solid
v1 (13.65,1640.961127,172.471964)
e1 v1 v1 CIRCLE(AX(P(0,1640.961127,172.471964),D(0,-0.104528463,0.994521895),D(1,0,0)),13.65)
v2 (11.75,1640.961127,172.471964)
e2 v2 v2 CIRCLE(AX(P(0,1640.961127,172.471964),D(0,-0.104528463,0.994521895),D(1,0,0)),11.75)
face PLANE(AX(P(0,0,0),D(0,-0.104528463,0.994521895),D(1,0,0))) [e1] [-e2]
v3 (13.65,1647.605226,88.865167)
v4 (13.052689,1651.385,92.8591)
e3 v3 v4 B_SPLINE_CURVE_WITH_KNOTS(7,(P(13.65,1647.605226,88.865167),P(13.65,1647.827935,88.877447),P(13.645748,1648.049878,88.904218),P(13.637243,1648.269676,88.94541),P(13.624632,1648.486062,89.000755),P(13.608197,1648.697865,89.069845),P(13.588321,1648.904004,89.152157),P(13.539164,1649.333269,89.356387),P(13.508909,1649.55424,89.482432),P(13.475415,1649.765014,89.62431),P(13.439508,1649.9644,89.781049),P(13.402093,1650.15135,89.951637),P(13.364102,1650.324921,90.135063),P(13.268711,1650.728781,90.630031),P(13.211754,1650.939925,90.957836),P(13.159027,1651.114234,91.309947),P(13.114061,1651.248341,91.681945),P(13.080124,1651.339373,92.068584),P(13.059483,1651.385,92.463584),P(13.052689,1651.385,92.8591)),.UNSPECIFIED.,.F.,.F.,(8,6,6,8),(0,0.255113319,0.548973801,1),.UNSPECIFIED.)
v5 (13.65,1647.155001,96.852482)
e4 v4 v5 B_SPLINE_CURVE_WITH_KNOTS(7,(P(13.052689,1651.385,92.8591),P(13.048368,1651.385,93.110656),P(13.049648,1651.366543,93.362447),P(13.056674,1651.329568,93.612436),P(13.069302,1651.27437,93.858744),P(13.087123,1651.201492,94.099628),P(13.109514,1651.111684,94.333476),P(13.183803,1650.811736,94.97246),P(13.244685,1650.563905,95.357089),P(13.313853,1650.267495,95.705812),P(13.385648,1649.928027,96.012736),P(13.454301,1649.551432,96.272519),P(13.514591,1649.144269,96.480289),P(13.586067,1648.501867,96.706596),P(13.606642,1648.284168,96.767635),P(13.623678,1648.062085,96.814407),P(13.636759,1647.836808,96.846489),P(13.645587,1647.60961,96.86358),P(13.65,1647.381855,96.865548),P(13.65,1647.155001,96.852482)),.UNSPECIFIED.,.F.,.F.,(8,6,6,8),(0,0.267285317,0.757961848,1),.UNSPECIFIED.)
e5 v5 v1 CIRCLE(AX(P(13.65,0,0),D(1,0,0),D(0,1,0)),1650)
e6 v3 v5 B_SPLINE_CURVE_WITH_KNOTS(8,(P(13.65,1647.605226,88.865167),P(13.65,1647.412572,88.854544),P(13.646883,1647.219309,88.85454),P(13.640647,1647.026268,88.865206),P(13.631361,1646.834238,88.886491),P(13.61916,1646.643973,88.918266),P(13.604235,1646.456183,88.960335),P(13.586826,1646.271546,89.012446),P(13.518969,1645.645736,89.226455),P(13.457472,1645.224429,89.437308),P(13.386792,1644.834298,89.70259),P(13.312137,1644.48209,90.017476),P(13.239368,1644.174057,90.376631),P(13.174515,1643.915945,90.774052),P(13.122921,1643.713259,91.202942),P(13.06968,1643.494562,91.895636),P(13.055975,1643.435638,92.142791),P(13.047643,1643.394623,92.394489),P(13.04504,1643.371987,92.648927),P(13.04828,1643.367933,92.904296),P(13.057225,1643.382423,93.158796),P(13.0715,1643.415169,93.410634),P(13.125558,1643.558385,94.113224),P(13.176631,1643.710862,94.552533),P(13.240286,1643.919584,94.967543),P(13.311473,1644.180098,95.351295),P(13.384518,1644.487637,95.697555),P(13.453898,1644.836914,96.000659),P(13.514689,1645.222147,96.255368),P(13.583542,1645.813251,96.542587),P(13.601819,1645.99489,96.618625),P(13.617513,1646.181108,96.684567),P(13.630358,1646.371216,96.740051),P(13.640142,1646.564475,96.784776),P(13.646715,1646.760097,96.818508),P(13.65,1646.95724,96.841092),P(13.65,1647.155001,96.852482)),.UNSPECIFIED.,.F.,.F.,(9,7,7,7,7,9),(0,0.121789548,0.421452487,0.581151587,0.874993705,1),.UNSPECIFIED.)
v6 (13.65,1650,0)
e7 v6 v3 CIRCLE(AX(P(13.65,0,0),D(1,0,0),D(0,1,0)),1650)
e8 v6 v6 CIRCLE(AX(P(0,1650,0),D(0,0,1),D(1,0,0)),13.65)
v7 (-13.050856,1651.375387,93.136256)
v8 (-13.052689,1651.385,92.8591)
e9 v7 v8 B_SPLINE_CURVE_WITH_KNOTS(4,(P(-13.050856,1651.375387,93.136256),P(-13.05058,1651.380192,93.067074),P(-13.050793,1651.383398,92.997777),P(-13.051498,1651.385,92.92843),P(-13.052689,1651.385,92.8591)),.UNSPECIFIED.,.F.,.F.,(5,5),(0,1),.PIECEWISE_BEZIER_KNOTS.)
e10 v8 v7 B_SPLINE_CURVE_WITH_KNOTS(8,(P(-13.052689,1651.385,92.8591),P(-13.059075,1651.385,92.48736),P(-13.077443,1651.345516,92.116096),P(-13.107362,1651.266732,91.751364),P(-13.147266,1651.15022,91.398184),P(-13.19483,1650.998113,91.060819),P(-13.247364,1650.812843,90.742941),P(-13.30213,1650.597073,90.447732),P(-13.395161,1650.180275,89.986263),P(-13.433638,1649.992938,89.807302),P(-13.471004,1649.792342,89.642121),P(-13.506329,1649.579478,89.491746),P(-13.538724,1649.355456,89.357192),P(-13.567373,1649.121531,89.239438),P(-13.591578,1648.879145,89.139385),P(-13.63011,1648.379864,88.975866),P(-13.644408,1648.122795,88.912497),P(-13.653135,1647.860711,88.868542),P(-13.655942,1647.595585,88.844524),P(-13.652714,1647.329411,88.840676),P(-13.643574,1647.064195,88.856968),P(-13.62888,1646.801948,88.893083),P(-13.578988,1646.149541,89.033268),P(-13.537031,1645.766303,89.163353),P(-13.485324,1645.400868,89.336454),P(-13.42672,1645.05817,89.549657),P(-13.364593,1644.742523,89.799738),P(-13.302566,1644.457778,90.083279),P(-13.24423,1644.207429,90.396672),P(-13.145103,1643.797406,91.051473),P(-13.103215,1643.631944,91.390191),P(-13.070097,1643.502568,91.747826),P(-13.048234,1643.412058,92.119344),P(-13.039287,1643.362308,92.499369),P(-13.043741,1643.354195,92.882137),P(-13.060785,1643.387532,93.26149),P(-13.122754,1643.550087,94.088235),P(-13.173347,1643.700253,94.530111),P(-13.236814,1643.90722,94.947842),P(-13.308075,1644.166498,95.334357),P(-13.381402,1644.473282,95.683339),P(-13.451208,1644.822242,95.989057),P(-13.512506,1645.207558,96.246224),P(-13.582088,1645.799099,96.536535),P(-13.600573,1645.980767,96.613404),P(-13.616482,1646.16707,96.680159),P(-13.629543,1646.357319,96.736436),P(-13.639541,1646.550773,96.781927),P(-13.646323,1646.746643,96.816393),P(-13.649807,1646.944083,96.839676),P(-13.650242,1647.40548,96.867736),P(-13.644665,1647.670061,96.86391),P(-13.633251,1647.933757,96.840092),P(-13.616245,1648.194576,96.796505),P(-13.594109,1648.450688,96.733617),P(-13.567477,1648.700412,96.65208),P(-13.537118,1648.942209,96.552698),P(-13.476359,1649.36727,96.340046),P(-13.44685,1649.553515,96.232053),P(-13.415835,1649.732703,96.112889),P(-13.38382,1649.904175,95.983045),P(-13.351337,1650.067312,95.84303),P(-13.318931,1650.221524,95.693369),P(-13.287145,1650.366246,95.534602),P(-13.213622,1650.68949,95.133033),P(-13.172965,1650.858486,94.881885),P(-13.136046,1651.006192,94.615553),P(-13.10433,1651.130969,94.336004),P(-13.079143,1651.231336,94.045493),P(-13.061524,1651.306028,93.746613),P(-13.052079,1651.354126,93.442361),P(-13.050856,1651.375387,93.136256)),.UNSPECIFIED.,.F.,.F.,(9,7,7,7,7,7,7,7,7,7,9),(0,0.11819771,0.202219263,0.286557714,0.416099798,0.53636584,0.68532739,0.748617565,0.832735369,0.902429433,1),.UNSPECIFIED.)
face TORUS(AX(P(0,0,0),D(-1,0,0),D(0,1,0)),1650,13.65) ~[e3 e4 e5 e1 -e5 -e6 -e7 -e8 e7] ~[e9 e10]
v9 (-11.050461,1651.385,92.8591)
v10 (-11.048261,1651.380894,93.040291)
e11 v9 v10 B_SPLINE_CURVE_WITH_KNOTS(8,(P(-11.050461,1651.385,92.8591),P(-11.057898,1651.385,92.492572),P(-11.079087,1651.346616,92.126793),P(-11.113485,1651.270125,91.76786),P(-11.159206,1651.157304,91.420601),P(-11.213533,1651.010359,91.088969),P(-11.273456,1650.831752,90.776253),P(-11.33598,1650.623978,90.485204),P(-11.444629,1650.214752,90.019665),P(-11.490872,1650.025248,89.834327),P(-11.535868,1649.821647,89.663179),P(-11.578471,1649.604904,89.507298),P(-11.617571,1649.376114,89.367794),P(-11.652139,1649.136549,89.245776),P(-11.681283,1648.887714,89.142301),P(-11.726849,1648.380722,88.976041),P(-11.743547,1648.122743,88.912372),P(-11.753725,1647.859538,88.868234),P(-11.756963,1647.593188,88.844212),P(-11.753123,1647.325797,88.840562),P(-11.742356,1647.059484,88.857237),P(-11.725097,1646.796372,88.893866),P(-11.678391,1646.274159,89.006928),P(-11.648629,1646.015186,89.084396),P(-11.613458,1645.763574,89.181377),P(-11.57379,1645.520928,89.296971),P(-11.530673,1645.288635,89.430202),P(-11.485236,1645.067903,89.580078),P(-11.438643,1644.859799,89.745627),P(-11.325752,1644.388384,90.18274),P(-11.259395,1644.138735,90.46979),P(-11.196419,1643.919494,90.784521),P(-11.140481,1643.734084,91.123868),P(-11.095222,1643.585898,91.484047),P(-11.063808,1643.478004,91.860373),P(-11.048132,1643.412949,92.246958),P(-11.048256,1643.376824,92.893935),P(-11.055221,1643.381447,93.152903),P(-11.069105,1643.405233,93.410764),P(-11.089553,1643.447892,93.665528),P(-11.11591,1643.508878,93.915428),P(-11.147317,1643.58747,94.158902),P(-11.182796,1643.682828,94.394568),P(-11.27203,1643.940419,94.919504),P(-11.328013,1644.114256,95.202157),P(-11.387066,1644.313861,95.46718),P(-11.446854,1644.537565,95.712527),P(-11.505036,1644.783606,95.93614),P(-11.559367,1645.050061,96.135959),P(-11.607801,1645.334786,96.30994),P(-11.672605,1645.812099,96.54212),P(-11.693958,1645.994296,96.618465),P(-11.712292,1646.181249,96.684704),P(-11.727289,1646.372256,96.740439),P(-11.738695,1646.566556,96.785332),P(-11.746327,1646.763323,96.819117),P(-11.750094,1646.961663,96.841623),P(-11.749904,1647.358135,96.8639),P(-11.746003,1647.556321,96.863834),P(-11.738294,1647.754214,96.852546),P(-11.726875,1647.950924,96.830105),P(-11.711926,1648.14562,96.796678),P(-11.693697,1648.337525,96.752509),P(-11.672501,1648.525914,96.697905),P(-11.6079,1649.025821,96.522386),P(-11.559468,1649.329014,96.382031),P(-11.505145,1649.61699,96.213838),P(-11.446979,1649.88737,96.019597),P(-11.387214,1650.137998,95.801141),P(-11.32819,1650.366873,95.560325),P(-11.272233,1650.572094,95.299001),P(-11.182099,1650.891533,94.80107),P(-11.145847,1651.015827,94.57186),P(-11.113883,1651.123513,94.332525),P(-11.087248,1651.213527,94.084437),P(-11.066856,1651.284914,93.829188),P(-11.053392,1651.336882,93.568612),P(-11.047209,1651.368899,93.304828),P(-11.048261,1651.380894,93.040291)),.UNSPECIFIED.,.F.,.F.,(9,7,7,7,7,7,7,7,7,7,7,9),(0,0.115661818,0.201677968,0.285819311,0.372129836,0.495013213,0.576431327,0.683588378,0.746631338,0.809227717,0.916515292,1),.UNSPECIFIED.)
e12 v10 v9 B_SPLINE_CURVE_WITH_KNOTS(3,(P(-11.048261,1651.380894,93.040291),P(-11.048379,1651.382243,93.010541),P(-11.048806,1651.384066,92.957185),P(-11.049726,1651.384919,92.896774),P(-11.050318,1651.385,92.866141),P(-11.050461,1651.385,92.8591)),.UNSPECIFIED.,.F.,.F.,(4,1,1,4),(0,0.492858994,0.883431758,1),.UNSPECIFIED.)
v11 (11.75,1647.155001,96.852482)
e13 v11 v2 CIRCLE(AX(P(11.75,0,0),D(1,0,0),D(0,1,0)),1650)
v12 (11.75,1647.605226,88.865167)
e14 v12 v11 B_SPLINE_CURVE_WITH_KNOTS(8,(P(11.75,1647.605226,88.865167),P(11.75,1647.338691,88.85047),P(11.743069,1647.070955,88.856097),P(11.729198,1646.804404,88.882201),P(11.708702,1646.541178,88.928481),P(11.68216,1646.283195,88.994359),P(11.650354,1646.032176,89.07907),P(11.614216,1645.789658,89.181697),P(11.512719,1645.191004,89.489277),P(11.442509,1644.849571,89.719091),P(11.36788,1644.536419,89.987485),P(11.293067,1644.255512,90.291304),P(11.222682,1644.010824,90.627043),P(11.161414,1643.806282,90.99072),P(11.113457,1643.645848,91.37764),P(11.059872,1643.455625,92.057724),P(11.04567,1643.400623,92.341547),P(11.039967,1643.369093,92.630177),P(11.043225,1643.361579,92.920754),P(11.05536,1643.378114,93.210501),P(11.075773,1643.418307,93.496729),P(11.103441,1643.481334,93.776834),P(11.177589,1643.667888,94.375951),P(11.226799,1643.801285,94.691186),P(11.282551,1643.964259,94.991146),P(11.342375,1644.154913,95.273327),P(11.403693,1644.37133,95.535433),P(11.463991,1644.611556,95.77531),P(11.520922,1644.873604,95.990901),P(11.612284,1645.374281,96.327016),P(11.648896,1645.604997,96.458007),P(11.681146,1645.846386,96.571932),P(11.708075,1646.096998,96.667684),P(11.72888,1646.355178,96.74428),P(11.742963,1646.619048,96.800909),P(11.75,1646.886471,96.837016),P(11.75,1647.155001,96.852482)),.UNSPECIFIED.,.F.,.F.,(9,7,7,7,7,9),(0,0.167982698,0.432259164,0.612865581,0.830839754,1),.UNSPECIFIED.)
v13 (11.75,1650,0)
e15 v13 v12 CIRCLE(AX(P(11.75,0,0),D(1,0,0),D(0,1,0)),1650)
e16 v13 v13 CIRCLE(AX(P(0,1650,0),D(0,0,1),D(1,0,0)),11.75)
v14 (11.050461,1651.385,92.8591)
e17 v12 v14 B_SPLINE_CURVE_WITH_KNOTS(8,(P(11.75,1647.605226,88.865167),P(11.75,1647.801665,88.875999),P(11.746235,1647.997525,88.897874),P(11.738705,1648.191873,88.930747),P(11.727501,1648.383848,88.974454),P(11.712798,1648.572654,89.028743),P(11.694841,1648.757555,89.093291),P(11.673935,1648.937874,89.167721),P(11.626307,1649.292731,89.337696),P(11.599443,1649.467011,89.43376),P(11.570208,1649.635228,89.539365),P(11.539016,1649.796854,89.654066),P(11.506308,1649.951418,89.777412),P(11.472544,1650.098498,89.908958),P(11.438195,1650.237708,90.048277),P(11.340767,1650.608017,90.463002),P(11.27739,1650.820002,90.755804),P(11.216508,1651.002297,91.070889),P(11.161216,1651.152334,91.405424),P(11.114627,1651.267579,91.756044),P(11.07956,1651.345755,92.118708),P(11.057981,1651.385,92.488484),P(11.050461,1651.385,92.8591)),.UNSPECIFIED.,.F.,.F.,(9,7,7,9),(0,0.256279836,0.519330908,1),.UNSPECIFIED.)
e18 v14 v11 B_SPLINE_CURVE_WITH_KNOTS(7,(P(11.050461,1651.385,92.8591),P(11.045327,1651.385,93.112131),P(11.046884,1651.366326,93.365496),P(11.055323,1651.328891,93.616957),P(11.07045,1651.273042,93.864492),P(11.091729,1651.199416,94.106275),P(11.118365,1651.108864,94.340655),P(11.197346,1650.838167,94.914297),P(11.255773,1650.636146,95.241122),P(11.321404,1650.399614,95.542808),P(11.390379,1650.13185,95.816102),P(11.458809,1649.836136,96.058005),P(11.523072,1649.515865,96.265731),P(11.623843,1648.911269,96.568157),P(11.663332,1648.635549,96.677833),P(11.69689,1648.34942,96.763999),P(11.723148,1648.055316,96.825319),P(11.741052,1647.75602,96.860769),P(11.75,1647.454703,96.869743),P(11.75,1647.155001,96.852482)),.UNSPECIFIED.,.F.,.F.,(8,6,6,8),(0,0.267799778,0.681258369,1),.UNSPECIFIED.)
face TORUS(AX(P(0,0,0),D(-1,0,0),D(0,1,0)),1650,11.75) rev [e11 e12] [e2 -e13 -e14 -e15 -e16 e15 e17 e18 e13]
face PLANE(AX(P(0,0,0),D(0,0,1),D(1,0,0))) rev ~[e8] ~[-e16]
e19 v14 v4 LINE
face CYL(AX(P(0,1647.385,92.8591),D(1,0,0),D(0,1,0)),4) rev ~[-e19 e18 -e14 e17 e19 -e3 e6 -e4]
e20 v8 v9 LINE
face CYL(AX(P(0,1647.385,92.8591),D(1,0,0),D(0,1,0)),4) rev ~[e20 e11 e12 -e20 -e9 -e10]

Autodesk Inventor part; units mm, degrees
ref_plane "YZ Plane" through (0, 0, 0) normal (1, 0, 0) x (0, 1, 0)
ref_plane "XZ Plane" through (0, 0, 0) normal (0, 1, 0) x (-1, 0, 0)
ref_plane "XY Plane" through (0, 0, 0) normal (0, 0, 1) x (1, 0, 0)
sketch "Sketch1" plane through (0, 0, 0) normal (1, 0, 0) x (0, 1, 0)
  circle A0 centre (0, 0) radius 1650
  dimension "d0" = 3300
sketch "Sketch2" plane through (0, 0, 0) normal (0, 0, 1) x (1, 0, 0)
  circle A0 centre (0, 1650) radius 13.65
  circle A1 centre (0, 1650) radius 11.75
  line L0 (-19.11, 0) -> (19.11, 0) projected
  point P0 (0, 0)
  dimension "d1" = 1650
  dimension "d2" = 0
  dimension "d3" = 27.3
  dimension "d4" = 1.9
revolve "Revolution1" add sketch "Sketch2" angle 6 about axis through (-10, 0, 0) along (1, 0, 0)
sketch "Sketch3" plane through (0, 0, 0) normal (1, 0, 0) x (0, 1, 0)
  line L0 (1637.311, 530.7226) -> (1398.8963, 530.7226)
  line L1 (1398.8963, 530.7226) -> (1398.8963, -338.3635)
  line L2 (1398.8963, -338.3635) -> (1637.311, -338.3635)
  line L3 (1637.311, -338.3635) -> (1637.311, 530.7226)
  point P0 (0, 0)
extrude "Extrusion1" [suppressed]
sketch "Sketch4" plane through (0, 0, 0) normal (1, 0, 0) x (0, 1, 0)
  circle A0 centre (0, 0) radius 1650
  circle A1 centre (1647.385, 92.8591) radius 4
  dimension "d8" = 3300
  dimension "d9" = 8
extrude "Extrusion2" cut sketch "Sketch4" along normal mid plane 100 contours A1 A0 | A0 A1 picked at (1646.0721, 92.6243) picked at (1648.7179, 92.8591)
equation "\"d0\" = hoop_radius_large"
equation "\"d1\" = 0.5 * d0"
equation "\"d3\" = od"
equation "\"d4\" = t"
equation "\"d8\" = hoop_radius_large"
equation "\"hoop_radius_large\" = 3300"
equation "\"hoop_width_medium\" = 33.7"
equation "\"hoop_thickness_medium\" = 3.2"
equation "\"hoop_width_small\" = 25.4"
equation "\"hoop_bushing23_od\" = -2 * hoop_thickness_medium + hoop_width_medium + hoop_bushing23_radialInterference"
equation "\"hoop_bushing23_radialInterference\" = 0"
equation "\"hoop_bushing23_thickness\" = -hoop_width_small + hoop_bushing23_od - 2 * hoop_bushing23_radialInterference"
equation "\"od\" = hoop_bushing23_od"
equation "\"t\" = hoop_bushing23_thickness"
equation "\"hoop_angle_z\" = 45deg"
equation "\"hoop_bearing_length\" = 5deg"
equation "\"hoop_cable_diam\" = 5"
equation "\"hoop_cable_pulley_diam\" = 22"
equation "\"hoop_thickness_large\" = 4"
equation "\"hoop_thickness_small\" = 2"
equation "\"hoop_width_large\" = 51"
equation "\"hoop_bushing12_od\" = -2 * hoop_thickness_large + hoop_width_large + hoop_bushing12_radialInterference"
equation "\"hoop_bushing12_radialInterference\" = 0"
equation "\"hoop_bushing12_thickness\" = -hoop_width_medium + hoop_bushing12_od - 2 * hoop_bushing12_radialInterference"
equation "\"hoop_tabs_hole\" = 12"
equation "\"hoop_tabs_thickness\" = 6"
equation "\"rack_tooth_addendum\" = 5"
equation "\"rack_tooth_dedendum\" = 5"
equation "\"rack_tooth_thickness\" = 5"
equation "\"secure_arm_angle\" = 35deg"
equation "\"secure_arm_radii\" = 9"
equation "\"sm_varx_member_tolerance\" = 0"
equation "\"sm_varx_pinPlate_holeDiameter\" = 5"
equation "\"sm_varx_pinPlate_thickness\" = 5"
equation "\"sm_varx_squareBarThickness\" = 2.5"
equation "\"support_baseClamp_platformLengthBuffer\" = 35"
equation "\"support_baseClamp_platformThickness\" = 15"
equation "\"support_baseClamp_platformWidthBuffer\" = 0"
equation "\"support_baseClamp_sleeveHoleDiameter\" = 12"
equation "\"support_baseClamp_sleeveSweepTerminationAngle\" = 55deg"
equation "\"support_baseClamp_thickness\" = 8"
equation "\"support_frame_endHoleBuffer\" = 45"
equation "\"support_frame_squareBarFillet\" = 2"
equation "\"support_frame_squareBarThickness\" = 5"
equation "\"wheelchair_deployed_height\" = 914"
equation "\"wheelchair_deployed_length\" = 1067"
equation "\"wheelchair_deployed_width\" = 635"
equation "\"wheelchatir_pos_deploy_angle_0\" = 65deg"
equation "\"wheelchatir_pos_store_angle_0\" = 90deg"
equation "\"wheelchatir_pos_deploy_angle_1\" = 20deg"
equation "\"wheelchatir_pos_store_angle_1\" = 20deg"
properties part number "large_bearings" material "Polyurethane"
